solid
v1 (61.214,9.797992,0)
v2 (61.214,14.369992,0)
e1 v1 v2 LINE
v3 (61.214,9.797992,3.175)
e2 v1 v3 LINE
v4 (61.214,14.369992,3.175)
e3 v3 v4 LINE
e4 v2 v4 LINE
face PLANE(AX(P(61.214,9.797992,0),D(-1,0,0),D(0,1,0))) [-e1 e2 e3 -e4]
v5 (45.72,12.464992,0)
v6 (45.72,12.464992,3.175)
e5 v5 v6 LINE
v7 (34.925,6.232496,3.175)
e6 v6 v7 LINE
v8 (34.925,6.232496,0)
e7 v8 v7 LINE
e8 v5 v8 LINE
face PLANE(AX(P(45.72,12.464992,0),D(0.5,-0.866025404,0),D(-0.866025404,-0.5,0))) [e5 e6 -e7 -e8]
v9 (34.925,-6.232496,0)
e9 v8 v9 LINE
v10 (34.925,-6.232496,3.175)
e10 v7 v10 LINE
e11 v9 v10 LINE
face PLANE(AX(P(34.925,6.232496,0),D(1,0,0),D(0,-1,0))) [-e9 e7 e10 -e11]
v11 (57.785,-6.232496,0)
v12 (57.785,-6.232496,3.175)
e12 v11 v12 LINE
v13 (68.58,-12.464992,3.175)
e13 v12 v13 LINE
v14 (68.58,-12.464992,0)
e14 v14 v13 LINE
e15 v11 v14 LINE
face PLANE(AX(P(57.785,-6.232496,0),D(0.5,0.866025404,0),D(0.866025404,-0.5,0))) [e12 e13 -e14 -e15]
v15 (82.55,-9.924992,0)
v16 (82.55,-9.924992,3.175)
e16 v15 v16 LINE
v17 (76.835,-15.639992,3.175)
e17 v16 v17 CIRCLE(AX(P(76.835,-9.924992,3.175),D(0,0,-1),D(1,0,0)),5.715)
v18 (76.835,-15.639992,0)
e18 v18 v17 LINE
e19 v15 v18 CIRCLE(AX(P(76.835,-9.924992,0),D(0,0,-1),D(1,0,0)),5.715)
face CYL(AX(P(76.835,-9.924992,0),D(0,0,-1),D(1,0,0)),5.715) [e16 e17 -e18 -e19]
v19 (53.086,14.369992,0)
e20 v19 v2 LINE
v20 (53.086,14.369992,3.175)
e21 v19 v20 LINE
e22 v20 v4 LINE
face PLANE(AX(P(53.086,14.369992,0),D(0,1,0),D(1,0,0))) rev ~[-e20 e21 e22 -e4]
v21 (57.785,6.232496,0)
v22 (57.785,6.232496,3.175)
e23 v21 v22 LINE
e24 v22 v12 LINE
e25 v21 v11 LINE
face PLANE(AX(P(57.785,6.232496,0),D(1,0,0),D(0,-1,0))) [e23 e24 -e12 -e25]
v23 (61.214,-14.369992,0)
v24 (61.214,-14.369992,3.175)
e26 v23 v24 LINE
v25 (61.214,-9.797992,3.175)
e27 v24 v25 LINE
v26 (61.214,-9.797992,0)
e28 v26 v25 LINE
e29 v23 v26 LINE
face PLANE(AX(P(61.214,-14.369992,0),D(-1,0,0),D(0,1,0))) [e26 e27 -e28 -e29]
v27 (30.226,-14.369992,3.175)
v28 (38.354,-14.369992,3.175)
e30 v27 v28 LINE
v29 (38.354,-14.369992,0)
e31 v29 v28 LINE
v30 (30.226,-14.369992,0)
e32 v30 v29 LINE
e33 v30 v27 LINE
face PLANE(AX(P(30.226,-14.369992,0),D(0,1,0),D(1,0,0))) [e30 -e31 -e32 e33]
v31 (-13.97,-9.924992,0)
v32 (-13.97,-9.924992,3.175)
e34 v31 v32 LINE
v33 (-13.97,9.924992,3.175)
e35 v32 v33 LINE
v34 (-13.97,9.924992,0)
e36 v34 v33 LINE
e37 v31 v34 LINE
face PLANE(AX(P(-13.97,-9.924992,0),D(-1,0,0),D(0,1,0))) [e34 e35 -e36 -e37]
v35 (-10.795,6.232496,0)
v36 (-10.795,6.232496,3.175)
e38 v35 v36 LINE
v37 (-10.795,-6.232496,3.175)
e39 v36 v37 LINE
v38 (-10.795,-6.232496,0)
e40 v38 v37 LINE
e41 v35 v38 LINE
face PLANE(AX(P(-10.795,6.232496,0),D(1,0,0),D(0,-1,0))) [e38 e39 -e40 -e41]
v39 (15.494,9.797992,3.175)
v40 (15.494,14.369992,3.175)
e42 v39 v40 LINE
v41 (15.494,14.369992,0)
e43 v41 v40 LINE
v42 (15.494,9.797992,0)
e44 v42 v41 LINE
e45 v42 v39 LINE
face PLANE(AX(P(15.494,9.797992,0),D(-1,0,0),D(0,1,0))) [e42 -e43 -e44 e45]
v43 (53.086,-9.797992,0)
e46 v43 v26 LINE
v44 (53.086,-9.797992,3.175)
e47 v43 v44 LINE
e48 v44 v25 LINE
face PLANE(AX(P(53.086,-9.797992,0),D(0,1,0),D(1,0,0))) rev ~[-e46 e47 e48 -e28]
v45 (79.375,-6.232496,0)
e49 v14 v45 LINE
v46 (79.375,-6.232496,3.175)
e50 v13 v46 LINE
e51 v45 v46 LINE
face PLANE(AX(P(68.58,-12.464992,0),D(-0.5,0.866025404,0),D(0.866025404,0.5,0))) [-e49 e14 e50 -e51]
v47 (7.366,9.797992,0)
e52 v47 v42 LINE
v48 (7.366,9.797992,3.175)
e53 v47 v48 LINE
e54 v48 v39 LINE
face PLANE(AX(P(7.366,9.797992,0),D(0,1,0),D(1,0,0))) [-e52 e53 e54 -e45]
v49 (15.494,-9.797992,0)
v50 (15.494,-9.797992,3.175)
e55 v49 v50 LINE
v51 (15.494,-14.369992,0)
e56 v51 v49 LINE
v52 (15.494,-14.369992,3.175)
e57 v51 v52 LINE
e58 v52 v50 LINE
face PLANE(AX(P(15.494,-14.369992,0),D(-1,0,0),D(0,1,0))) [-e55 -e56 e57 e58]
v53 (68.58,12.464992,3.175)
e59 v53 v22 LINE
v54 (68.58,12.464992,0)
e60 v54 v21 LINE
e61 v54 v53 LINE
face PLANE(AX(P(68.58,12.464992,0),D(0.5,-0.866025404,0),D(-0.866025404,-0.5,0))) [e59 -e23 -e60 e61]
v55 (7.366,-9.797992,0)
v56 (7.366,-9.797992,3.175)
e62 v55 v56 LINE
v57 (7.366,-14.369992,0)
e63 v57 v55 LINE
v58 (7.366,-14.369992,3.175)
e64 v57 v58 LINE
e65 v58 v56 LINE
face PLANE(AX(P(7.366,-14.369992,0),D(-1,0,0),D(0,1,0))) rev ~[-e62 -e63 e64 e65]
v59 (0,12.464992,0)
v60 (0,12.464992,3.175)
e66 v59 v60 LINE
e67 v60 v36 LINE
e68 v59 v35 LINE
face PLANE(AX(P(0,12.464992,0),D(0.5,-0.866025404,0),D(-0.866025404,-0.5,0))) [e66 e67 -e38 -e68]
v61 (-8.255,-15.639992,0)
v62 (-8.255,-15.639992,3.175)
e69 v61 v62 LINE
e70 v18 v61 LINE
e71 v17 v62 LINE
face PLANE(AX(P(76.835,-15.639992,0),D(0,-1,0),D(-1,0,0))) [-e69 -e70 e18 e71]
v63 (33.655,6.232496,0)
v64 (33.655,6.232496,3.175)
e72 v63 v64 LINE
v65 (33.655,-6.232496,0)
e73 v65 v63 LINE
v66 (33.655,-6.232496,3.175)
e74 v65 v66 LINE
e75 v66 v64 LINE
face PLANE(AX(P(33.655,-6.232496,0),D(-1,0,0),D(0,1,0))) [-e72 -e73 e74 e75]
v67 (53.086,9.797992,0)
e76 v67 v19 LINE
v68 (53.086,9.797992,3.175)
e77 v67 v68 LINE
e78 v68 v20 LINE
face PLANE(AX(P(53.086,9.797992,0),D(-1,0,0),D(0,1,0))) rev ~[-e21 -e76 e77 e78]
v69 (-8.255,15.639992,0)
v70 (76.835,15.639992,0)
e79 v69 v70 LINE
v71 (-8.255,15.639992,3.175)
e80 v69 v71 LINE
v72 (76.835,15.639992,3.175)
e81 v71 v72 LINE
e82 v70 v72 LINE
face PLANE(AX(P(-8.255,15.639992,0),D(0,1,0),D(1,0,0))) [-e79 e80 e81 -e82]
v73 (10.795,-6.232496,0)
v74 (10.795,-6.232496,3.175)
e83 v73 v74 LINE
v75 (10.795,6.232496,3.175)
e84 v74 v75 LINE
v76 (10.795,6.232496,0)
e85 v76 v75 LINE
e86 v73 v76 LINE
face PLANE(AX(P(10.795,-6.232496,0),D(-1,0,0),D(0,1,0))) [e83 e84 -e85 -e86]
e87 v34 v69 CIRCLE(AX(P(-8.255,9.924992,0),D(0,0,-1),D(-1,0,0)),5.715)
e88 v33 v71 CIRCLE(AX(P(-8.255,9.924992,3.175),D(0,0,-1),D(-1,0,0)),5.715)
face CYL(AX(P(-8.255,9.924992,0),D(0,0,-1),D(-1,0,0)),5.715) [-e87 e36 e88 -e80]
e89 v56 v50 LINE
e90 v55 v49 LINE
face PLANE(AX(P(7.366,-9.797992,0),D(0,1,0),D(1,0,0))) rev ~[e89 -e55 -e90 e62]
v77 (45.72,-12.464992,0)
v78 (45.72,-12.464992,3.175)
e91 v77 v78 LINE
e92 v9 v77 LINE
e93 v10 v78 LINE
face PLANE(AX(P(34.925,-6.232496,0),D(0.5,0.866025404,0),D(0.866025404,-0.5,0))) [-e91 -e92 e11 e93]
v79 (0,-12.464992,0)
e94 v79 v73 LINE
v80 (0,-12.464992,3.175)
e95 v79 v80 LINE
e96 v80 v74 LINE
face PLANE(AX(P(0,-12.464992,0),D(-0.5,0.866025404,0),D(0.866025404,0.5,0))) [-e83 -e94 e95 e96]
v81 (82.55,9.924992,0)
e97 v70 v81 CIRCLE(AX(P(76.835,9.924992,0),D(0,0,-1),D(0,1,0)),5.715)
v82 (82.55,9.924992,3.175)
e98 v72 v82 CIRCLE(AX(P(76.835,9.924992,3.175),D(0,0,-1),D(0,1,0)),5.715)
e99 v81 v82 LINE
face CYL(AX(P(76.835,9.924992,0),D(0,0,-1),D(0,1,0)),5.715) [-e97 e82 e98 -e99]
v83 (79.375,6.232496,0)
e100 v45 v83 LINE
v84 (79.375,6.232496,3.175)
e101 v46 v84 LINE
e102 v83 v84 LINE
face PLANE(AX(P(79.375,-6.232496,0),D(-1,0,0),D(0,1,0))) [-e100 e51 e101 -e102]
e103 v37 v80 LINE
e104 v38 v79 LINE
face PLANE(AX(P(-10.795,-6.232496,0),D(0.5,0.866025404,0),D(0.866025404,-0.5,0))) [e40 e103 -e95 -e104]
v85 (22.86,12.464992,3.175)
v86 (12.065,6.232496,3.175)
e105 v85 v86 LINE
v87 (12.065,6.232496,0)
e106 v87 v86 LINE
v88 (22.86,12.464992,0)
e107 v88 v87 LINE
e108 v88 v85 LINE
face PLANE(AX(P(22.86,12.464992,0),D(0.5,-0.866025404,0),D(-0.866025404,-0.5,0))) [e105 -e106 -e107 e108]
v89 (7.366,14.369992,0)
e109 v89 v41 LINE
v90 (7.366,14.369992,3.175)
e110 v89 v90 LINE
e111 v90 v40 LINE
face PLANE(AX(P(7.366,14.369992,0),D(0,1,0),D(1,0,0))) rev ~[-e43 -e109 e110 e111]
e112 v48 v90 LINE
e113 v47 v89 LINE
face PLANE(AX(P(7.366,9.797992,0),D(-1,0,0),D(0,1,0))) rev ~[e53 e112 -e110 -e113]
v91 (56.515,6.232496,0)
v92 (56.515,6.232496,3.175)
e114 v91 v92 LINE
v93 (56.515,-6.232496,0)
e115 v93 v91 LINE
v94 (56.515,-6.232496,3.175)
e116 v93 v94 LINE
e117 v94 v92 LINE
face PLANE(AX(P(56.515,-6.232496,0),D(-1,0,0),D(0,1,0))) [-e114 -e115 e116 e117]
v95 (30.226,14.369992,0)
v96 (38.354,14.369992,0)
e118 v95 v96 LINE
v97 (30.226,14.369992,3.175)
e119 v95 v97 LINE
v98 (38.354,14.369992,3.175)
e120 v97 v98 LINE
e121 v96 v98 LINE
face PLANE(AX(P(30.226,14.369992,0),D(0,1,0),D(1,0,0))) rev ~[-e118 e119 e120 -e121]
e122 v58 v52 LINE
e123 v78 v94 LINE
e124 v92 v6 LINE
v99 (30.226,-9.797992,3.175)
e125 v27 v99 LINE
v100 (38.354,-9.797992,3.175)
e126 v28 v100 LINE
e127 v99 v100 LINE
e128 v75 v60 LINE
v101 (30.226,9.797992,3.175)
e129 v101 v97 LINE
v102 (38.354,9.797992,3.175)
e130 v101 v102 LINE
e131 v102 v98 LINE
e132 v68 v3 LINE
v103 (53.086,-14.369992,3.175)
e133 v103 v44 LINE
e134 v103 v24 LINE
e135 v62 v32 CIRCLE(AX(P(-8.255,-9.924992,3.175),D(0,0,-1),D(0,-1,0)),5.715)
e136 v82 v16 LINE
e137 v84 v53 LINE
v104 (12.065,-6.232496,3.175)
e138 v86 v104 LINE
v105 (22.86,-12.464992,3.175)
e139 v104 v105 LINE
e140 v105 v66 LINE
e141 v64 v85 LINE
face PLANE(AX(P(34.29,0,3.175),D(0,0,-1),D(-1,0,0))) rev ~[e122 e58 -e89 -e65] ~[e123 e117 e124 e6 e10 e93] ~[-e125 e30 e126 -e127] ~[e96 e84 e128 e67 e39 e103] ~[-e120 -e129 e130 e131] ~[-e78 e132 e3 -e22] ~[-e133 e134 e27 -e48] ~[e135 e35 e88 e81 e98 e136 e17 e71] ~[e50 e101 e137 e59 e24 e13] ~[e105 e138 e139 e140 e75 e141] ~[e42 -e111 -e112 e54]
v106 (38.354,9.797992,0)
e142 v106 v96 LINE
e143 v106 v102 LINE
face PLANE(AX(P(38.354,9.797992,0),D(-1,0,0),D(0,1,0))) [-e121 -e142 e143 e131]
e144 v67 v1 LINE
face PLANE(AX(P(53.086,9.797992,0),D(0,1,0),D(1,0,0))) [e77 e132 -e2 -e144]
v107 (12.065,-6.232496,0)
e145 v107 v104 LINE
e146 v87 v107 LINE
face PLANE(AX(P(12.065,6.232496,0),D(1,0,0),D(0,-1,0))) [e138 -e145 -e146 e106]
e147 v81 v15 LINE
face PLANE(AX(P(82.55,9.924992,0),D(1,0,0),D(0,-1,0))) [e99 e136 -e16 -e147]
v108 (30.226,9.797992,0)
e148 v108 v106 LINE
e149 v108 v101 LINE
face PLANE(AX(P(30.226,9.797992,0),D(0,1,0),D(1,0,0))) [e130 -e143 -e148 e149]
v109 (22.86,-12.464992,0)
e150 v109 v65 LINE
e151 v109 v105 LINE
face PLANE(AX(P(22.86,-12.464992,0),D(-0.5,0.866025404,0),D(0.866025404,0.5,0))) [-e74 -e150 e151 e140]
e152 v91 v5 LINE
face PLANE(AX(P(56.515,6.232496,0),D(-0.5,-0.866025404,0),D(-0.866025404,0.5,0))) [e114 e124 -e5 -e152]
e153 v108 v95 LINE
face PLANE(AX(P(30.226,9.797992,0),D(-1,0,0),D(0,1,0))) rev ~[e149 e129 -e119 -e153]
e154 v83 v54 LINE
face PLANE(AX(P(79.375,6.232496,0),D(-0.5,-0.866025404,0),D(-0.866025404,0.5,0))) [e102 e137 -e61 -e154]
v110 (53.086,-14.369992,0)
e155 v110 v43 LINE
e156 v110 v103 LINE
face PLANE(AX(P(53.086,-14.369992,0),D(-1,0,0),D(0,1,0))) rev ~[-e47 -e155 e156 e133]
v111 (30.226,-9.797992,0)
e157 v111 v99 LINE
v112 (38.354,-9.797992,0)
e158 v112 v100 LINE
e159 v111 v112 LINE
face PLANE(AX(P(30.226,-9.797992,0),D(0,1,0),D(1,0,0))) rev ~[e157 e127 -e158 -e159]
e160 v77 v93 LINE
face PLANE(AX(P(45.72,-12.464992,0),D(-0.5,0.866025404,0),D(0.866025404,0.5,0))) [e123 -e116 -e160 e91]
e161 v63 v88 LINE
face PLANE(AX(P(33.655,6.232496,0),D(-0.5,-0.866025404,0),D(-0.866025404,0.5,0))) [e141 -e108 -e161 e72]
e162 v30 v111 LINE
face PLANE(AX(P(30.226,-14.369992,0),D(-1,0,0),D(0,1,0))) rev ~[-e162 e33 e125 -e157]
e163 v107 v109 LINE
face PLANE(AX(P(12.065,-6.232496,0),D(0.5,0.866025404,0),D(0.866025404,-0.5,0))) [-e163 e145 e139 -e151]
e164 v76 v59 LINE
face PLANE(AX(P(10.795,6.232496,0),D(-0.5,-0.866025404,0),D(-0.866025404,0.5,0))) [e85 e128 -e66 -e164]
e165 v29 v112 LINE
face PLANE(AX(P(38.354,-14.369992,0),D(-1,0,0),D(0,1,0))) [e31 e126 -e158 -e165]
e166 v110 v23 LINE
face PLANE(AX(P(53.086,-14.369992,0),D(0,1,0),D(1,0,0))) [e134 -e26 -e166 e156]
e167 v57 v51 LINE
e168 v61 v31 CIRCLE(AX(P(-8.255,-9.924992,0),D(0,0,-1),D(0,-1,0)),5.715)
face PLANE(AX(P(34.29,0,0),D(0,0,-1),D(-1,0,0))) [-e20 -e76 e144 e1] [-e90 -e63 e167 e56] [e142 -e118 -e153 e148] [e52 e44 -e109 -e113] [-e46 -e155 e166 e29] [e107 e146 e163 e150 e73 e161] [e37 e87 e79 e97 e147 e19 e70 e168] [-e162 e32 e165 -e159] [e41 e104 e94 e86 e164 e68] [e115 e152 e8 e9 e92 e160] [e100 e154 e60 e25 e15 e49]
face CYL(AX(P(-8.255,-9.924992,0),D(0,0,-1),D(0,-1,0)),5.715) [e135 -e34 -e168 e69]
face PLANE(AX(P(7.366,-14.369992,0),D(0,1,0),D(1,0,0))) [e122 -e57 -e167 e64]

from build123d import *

# Parameters (mm, degrees)
SKETCH1_W           = 8.128
SKETCH1_H           = 4.572
BOSS_EXTRUDE1_DEPTH = 3.175


with BuildPart() as part:
    # Sketch1 → Boss-Extrude1 (new body)
    with BuildSketch(Plane.XY):
        with BuildLine():
            Line((-8.255, 15.639992312), (76.835, 15.639992312))
            ThreePointArc((76.835, 15.639992312), (80.876115254, 13.966107566), (82.55, 9.924992312))
            Line((82.55, 9.924992312), (82.55, -9.924992312))
            ThreePointArc((82.55, -9.924992312), (80.876115254, -13.966107566), (76.835, -15.639992312))
            Line((76.835, -15.639992312), (-8.255, -15.639992312))
            ThreePointArc((-8.255, -15.639992312), (-12.296115254, -13.966107566), (-13.97, -9.924992312))
            Line((-13.97, -9.924992312), (-13.97, 9.924992312))
            ThreePointArc((-13.97, 9.924992312), (-12.296115254, 13.966107566), (-8.255, 15.639992312))
        make_face()
        Polygon((12.065, -6.232496156), (22.86, -12.464992312), (33.655, -6.232496156), (33.655, 6.232496156), (22.86, 12.464992312), (12.065, 6.232496156), align=None, mode=Mode.SUBTRACT)
        Polygon((34.925, -6.232496156), (45.72, -12.464992312), (56.515, -6.232496156), (56.515, 6.232496156), (45.72, 12.464992312), (34.925, 6.232496156), align=None, mode=Mode.SUBTRACT)
        Polygon((-10.795, -6.232496156), (0, -12.464992312), (10.795, -6.232496156), (10.795, 6.232496156), (0, 12.464992312), (-10.795, 6.232496156), align=None, mode=Mode.SUBTRACT)
        Polygon((57.785, -6.232496156), (68.58, -12.464992312), (79.375, -6.232496156), (79.375, 6.232496156), (68.58, 12.464992312), (57.785, 6.232496156), align=None, mode=Mode.SUBTRACT)
        with Locations((34.29, 12.083992312)):
            Rectangle(SKETCH1_W, SKETCH1_H, mode=Mode.SUBTRACT)
        with Locations((11.43, 12.083992312)):
            Rectangle(SKETCH1_W, SKETCH1_H, mode=Mode.SUBTRACT)
        with Locations((57.15, 12.083992312)):
            Rectangle(SKETCH1_W, SKETCH1_H, mode=Mode.SUBTRACT)
        with Locations((57.15, -12.083992312)):
            Rectangle(SKETCH1_W, SKETCH1_H, mode=Mode.SUBTRACT)
        with Locations((34.29, -12.083992312)):
            Rectangle(SKETCH1_W, SKETCH1_H, mode=Mode.SUBTRACT)
        with Locations((11.43, -12.083992312)):
            Rectangle(SKETCH1_W, SKETCH1_H, mode=Mode.SUBTRACT)
    extrude(amount=BOSS_EXTRUDE1_DEPTH)


solid = part.part
